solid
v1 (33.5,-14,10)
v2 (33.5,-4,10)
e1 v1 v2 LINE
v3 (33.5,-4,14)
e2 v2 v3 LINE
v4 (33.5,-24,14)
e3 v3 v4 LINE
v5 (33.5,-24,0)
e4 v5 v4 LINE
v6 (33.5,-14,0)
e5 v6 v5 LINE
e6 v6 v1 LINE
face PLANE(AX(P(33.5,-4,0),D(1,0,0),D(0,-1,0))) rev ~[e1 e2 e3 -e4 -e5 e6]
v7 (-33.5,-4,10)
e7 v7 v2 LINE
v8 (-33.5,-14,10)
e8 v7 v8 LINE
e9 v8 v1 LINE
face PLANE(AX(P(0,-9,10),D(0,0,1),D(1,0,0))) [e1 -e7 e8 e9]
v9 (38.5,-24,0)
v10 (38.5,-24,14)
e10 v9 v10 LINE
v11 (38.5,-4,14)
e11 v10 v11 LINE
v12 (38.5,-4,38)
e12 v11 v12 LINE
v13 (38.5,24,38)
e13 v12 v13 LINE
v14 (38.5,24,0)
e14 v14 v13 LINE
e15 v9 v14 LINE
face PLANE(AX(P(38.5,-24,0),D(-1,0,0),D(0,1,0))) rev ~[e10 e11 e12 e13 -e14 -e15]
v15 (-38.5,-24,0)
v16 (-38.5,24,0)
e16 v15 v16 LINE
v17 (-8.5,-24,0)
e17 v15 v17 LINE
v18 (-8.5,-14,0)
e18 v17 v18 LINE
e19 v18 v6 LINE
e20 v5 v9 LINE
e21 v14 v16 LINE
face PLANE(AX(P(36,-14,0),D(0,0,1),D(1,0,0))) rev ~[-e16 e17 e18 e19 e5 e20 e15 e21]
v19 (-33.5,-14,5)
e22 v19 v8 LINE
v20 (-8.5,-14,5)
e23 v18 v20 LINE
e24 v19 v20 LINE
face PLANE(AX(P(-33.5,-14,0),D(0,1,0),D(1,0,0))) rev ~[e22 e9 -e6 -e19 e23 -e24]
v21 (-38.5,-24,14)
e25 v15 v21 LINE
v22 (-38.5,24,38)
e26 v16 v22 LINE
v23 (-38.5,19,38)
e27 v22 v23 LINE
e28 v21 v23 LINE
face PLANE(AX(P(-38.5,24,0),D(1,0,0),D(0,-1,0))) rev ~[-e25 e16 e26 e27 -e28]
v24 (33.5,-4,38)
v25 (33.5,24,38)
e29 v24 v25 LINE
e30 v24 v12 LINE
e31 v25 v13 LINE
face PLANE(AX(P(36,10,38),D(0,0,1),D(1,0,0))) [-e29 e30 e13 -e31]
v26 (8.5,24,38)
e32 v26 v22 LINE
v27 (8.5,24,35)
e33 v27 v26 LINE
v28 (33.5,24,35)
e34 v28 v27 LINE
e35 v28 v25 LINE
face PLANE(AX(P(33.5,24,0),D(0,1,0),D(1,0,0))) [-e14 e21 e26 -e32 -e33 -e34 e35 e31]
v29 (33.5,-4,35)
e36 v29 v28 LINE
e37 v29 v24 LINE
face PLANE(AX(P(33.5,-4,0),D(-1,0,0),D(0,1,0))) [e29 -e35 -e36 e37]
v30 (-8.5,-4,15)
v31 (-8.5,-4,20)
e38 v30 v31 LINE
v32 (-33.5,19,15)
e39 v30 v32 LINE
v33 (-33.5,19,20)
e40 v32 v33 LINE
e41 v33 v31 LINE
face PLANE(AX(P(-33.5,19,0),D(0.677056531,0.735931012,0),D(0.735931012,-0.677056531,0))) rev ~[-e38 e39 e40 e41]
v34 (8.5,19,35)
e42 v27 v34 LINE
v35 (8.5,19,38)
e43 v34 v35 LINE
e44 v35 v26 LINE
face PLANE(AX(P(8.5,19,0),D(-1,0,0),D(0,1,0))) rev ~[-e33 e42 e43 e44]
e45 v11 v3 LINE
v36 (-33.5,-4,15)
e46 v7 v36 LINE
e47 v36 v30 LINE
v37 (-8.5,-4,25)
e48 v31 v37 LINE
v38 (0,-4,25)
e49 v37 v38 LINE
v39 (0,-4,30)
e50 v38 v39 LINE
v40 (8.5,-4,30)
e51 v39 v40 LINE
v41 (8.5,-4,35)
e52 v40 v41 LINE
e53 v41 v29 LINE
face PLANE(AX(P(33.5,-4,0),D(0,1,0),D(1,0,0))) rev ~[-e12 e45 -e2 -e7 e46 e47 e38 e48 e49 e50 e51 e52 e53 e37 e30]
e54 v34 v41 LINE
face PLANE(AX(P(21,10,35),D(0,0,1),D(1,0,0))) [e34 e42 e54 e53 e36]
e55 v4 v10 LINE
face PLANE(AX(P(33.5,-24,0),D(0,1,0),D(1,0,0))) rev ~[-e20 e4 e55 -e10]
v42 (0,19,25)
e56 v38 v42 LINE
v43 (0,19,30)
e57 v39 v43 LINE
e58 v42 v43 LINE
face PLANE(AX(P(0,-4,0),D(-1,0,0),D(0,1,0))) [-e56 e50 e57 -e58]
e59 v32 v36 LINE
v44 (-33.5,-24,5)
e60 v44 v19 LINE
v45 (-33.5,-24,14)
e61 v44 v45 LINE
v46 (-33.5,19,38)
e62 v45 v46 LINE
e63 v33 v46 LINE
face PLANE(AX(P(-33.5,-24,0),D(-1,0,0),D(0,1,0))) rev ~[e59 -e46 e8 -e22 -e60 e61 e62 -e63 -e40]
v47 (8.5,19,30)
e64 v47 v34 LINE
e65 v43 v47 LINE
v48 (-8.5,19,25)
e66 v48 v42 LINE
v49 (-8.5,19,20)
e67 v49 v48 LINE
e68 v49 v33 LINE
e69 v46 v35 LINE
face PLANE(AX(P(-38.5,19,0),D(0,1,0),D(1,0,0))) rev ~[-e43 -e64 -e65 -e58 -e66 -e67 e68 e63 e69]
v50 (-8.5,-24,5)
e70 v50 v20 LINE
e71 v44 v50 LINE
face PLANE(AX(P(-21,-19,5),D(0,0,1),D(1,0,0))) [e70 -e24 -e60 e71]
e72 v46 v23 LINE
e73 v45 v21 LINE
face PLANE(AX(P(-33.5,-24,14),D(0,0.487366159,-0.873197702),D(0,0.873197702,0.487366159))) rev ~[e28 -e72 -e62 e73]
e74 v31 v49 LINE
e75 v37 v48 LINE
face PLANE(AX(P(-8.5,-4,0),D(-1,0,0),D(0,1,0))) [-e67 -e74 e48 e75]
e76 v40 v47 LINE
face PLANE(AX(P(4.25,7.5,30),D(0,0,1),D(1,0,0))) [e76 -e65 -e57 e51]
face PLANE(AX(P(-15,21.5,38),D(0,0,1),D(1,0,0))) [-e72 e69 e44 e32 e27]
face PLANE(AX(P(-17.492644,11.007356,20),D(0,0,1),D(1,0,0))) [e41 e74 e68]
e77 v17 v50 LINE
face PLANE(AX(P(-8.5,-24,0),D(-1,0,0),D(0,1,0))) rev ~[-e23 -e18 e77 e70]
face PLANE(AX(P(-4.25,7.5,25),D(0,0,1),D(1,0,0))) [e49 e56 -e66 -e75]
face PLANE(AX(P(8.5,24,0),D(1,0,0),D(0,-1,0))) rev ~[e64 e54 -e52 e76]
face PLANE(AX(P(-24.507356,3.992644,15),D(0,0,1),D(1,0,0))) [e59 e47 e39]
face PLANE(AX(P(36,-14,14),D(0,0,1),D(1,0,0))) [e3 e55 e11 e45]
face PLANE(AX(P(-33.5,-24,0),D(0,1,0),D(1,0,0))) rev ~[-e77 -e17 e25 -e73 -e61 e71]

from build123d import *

# Parameters (mm, degrees)
F1_DEPTH  = 38
F3_DEPTH  = 25
F4_DEPTH  = 38
F0_W      = 25
F0_H      = 10
F5_DEPTH  = 5
F6_DEPTH  = 10
F0_W_2    = 8.5
F0_H_2    = 23
F7_DEPTH  = 25
F8_DEPTH  = 30
F9_DEPTH  = 20
F10_DEPTH = 15
F11_DEPTH = 35
F0_W_3    = 5
F0_H_3    = 28
F12_DEPTH = 38
F13_DEPTH = 14


with BuildPart() as f1:
    # F0 (on Top) → F1 (new body)
    with BuildSketch(Plane.XY):
        Polygon((-33.5, 19), (-38.5, 19), (-38.5, -24), (-33.5, -24), (-33.5, -14), (-33.5, -4), align=None)
    extrude(amount=F1_DEPTH)

    # F2 (on face) → F3 (cut)
    with BuildSketch(Plane.YZ.offset(-33.5)):
        Polygon((-24, 38), (-24, 14), (19, 38), align=None)
    extrude(amount=-F3_DEPTH, mode=Mode.SUBTRACT)

    # F0 (on Top) → F4 (join)
    with BuildSketch(Plane.XY):
        Polygon((8.5, 19), (8.5, 24), (-38.5, 24), (-38.5, 19), (-33.5, 19), (-8.5, 19), (0, 19), align=None)
    extrude(amount=F4_DEPTH)

    # F0 (on Top) → F5 (join)
    with BuildSketch(Plane.XY):
        with Locations((-21, -19)):
            Rectangle(F0_W, F0_H)
    extrude(amount=F5_DEPTH)

    # F0 (on Top) → F6 (join)
    with BuildSketch(Plane.XY):
        Polygon((33.5, -14), (33.5, -4), (8.5, -4), (0, -4), (-8.5, -4), (-33.5, -4), (-33.5, -14), (-8.5, -14), align=None)
    extrude(amount=F6_DEPTH)

    # F0 (on Top) → F7 (join)
    with BuildSketch(Plane.XY):
        with Locations((-4.25, 7.5)):
            Rectangle(F0_W_2, F0_H_2)
    extrude(amount=F7_DEPTH)

    # F0 (on Top) → F8 (join)
    with BuildSketch(Plane.XY):
        with Locations((4.25, 7.5)):
            Rectangle(F0_W_2, F0_H_2)
    extrude(amount=F8_DEPTH)

    # F0 (on Top) → F9 (join)
    with BuildSketch(Plane.XY):
        Polygon((-8.5, 19), (-33.5, 19), (-8.5, -4), align=None)
    extrude(amount=F9_DEPTH)

    # F0 (on Top) → F10 (join)
    with BuildSketch(Plane.XY):
        Polygon((-8.5, -4), (-33.5, 19), (-33.5, -4), align=None)
    extrude(amount=F10_DEPTH)

    # F0 (on Top) → F11 (join)
    with BuildSketch(Plane.XY):
        Polygon((33.5, -4), (33.5, 24), (8.5, 24), (8.5, 19), (8.5, -4), align=None)
    extrude(amount=F11_DEPTH)

    # F0 (on Top) → F12 (join)
    with BuildSketch(Plane.XY):
        with Locations((36, 10)):
            Rectangle(F0_W_3, F0_H_3)
    extrude(amount=F12_DEPTH)

    # F0 (on Top) → F13 (join)
    with BuildSketch(Plane.XY):
        Polygon((38.5, -24), (38.5, -4), (33.5, -4), (33.5, -14), (33.5, -24), align=None)
    extrude(amount=F13_DEPTH)


solid = f1.part
